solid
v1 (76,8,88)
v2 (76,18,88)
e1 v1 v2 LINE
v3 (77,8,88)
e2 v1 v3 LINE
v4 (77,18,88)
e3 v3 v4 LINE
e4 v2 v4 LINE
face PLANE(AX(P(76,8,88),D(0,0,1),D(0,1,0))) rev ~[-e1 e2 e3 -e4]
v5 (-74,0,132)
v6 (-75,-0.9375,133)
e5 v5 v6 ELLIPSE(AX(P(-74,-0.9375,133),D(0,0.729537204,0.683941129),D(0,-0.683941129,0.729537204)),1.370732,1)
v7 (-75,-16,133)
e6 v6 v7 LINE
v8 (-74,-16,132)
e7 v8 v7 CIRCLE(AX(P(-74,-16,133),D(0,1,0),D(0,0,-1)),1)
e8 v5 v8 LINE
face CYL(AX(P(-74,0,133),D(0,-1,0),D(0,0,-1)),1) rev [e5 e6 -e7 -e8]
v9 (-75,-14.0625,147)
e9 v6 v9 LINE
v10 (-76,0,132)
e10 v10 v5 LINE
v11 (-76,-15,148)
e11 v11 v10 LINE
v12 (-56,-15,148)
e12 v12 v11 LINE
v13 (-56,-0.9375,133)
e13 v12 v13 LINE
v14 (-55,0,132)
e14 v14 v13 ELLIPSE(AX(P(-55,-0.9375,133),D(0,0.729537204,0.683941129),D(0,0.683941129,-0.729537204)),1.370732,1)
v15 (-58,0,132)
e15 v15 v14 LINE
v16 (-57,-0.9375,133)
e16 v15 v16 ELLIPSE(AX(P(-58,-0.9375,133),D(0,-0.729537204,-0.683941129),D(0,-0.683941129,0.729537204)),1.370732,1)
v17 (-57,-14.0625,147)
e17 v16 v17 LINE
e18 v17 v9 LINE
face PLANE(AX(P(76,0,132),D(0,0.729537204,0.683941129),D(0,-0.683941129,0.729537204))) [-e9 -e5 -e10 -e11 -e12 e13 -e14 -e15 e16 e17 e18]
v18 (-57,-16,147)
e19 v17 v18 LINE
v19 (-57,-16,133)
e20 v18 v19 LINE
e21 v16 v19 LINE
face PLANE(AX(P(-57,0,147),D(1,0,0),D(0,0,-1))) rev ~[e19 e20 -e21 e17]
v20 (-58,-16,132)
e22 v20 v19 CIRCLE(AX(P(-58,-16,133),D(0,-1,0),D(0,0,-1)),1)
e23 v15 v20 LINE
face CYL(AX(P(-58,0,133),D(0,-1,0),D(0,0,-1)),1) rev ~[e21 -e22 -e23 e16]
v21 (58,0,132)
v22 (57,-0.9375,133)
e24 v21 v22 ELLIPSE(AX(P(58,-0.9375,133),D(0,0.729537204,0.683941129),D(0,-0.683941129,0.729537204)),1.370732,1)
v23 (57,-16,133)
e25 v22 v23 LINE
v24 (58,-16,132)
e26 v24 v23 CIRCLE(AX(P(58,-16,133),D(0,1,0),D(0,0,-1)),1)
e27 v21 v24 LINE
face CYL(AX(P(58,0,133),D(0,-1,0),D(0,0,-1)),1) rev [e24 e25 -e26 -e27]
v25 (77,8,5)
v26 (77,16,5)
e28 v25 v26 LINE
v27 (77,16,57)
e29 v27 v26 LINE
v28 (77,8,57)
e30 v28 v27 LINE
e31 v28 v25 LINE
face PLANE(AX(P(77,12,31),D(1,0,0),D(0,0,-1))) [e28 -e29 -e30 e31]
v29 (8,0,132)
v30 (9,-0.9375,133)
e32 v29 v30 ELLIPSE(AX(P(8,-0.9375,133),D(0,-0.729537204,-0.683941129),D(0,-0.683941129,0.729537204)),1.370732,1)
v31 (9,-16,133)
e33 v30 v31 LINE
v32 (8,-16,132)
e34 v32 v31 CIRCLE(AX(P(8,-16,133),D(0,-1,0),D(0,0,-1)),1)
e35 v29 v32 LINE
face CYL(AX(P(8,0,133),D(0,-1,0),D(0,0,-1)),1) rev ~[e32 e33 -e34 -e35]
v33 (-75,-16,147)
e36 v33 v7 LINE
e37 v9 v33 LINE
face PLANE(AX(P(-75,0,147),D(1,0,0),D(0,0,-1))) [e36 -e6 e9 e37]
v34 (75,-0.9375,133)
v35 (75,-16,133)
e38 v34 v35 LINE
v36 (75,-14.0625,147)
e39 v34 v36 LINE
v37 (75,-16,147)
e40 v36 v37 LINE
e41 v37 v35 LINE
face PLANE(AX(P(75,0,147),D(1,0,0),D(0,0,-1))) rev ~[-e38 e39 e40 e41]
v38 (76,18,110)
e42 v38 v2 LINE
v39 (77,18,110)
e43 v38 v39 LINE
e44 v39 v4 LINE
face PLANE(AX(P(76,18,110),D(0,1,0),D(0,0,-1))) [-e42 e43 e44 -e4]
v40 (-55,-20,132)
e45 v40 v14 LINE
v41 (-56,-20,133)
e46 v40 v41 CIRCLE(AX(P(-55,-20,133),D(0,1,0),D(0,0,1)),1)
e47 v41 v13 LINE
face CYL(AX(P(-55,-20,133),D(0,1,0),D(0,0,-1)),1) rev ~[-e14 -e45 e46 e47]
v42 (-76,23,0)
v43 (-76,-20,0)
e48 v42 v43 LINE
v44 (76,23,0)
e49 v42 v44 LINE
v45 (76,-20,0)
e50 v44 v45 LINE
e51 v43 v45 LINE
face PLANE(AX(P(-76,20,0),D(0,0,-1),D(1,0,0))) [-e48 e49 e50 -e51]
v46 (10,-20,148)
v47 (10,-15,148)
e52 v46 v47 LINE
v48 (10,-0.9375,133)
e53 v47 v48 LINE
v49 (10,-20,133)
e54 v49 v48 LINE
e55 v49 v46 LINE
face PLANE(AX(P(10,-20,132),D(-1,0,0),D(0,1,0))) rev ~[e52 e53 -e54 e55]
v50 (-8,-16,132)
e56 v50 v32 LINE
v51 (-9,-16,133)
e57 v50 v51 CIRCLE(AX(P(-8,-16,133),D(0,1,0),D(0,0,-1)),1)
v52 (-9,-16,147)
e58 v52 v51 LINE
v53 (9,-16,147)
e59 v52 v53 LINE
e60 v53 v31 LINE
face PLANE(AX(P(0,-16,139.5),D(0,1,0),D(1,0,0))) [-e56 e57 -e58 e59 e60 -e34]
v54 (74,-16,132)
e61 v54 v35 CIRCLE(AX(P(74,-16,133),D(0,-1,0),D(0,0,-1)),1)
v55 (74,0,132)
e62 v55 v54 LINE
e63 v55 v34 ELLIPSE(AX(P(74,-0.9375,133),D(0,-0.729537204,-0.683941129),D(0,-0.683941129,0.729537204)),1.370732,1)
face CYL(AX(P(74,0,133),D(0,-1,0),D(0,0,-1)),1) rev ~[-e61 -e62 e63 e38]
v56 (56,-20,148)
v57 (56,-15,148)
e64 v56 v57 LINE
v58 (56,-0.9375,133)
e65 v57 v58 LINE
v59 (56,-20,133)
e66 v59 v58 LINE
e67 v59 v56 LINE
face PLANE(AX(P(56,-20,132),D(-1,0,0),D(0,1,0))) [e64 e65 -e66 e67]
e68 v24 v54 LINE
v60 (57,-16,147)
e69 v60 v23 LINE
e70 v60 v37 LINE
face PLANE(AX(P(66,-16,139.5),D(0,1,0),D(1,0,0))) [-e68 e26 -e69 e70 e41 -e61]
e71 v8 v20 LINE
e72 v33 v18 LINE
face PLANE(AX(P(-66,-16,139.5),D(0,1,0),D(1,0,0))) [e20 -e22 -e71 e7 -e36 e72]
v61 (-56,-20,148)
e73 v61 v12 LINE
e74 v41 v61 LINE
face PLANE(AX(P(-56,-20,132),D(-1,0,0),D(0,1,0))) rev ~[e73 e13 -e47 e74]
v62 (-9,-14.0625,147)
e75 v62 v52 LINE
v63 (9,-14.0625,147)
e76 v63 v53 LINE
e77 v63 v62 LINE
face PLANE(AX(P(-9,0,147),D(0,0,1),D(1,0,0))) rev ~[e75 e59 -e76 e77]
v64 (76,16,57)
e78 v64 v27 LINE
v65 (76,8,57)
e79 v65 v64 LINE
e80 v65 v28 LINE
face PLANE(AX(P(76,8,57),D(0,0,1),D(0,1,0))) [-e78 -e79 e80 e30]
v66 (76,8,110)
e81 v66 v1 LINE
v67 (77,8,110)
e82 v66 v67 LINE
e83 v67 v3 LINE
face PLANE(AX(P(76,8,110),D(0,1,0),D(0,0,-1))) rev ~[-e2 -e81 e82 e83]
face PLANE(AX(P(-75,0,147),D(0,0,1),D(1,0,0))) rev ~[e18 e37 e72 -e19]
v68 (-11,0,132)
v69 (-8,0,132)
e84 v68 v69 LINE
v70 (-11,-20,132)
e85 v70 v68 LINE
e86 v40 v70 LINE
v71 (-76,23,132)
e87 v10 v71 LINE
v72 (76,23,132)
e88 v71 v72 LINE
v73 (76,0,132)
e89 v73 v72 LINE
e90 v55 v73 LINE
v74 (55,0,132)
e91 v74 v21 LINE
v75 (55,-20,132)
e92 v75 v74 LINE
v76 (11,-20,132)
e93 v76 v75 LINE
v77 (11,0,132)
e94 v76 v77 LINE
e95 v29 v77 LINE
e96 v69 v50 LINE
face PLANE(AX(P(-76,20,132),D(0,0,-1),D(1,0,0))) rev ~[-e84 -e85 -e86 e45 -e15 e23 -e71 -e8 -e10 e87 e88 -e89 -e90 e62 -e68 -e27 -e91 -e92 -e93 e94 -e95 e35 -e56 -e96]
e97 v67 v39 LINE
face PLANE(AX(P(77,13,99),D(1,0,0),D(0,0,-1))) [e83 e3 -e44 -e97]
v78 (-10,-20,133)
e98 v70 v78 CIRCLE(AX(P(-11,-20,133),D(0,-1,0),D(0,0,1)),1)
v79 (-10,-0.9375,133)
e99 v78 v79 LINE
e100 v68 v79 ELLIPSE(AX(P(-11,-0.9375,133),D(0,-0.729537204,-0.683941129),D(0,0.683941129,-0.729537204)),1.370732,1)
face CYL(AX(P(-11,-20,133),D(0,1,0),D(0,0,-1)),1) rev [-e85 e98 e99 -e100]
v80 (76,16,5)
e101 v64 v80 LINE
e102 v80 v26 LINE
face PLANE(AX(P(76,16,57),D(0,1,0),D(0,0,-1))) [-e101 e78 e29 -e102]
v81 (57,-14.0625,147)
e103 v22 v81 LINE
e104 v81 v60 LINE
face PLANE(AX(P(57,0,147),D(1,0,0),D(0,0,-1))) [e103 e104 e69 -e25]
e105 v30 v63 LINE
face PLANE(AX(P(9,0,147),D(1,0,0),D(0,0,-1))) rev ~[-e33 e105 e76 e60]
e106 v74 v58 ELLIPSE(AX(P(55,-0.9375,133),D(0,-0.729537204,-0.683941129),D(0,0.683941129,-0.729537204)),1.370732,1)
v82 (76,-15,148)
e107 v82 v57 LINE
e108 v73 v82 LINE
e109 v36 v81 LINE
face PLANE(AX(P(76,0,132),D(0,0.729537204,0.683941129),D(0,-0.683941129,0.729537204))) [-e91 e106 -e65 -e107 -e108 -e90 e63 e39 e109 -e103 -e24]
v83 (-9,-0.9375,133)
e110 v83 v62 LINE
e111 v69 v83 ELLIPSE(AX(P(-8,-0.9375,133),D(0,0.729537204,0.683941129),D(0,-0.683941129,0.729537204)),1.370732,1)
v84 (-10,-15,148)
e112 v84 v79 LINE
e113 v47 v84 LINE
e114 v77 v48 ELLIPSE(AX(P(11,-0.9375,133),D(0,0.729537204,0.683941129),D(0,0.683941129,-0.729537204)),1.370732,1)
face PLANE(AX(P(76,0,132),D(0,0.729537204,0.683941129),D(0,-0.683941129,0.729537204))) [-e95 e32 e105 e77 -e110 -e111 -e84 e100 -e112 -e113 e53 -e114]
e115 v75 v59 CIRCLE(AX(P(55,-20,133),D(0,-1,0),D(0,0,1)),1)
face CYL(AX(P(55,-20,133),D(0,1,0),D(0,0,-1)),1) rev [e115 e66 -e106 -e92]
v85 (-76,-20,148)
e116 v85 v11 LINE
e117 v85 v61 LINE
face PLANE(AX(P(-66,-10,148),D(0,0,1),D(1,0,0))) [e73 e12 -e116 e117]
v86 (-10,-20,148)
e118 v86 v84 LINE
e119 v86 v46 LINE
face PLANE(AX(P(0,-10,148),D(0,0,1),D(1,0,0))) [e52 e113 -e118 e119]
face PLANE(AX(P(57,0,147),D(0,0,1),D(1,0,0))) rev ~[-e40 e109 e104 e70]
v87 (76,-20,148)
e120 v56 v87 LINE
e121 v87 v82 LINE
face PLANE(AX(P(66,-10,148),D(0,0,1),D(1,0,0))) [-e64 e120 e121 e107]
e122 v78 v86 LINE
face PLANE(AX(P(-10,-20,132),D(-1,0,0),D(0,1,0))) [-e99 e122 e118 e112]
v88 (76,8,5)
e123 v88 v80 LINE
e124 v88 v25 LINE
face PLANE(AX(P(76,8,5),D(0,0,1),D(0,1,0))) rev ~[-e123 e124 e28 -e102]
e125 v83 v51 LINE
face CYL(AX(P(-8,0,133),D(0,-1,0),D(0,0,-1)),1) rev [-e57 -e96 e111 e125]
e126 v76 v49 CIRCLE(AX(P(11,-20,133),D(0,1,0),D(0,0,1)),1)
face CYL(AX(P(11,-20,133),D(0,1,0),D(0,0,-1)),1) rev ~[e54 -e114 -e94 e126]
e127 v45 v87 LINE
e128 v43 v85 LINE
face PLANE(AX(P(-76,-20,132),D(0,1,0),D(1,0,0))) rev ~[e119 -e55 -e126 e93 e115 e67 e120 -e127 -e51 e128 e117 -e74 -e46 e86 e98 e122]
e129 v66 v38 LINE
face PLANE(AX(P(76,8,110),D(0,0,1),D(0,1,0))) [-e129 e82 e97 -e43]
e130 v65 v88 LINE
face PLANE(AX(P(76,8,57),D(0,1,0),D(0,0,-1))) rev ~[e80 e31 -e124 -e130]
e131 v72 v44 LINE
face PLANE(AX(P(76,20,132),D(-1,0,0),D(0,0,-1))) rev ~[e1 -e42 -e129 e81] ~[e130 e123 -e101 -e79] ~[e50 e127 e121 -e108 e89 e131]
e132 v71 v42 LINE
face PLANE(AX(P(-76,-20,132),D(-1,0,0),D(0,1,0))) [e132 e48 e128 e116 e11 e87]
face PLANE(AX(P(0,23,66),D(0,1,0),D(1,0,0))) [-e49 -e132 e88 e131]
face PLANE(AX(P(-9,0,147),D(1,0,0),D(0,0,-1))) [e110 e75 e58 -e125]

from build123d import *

# Parameters (mm, degrees)
SKETCH1_W           = 152
SKETCH1_H           = 40
BOSS_EXTRUDE1_DEPTH = 132
SKETCH2_W           = 152
SKETCH2_H           = 132
BOSS_EXTRUDE2_DEPTH = 3
SKETCH4_W           = 20
SKETCH4_H           = 20
BOSS_EXTRUDE3_DEPTH = 16
SKETCH7_W           = 18
SKETCH7_H           = 15
CUT_EXTRUDE1_DEPTH  = 16
CUT_EXTRUDE2_DEPTH  = 214.39400179
FILLET1_R           = 1
SKETCH9_W           = 22
SKETCH9_H           = 10
SKETCH9_W_2         = 52
SKETCH9_H_2         = 8
BOSS_EXTRUDE4_DEPTH = 1


with BuildPart() as part:
    # Sketch1 → Boss-Extrude1 (new body)
    with BuildSketch(Plane.XY):
        Rectangle(SKETCH1_W, SKETCH1_H)
    extrude(amount=BOSS_EXTRUDE1_DEPTH)

    # Sketch2 → Boss-Extrude2 (add)
    with BuildSketch(Plane(origin=(0, 20, 0), x_dir=(1, 0, 0), z_dir=(0, 1, 0))):
        with Locations((0, -66)):
            Rectangle(SKETCH2_W, SKETCH2_H)
    extrude(amount=BOSS_EXTRUDE2_DEPTH)

    # Sketch4 → Boss-Extrude3 (add)
    with BuildSketch(Plane.XY.offset(132)):
        with Locations((-66, -10)):
            Rectangle(SKETCH4_W, SKETCH4_H)
        with Locations((66, -10)):
            Rectangle(SKETCH4_W, SKETCH4_H)
        with Locations((0, -10)):
            Rectangle(SKETCH4_W, SKETCH4_H)
    extrude(amount=BOSS_EXTRUDE3_DEPTH)

    # Sketch7 → Cut-Extrude1 (cut)
    with BuildSketch(Plane(origin=(0, 0, 0), x_dir=(1, 0, 0), z_dir=(0, 1, 0))):
        with Locations((66, -139.5)):
            Rectangle(SKETCH7_W, SKETCH7_H)
        with Locations((0, -139.5)):
            Rectangle(SKETCH7_W, SKETCH7_H)
        with Locations((-66, -139.5)):
            Rectangle(SKETCH7_W, SKETCH7_H)
    extrude(amount=-CUT_EXTRUDE1_DEPTH, mode=Mode.SUBTRACT)

    # Sketch8 → Cut-Extrude2 (cut, through all)
    with BuildSketch(Plane(origin=(76, 0, 0), x_dir=(0, 0, -1), z_dir=(1, 0, 0))):
        Polygon((-132, 0), (-148, -15), (-148, 0), align=None)
    extrude(amount=-CUT_EXTRUDE2_DEPTH, mode=Mode.SUBTRACT)

    # Fillet1
    fillet1_edges = [part.edges().sort_by_distance(p)[0] for p in [
        (-56, -10, 132),
        (56, -10, 132),
        (-10, -10, 132),
        (10, -10, 132),
        (57, -8, 132),
        (75, -8, 132),
        (-9, -8, 132),
        (9, -8, 132),
        (-75, -8, 132),
        (-57, -8, 132),
    ]]
    fillet(fillet1_edges, radius=FILLET1_R)

    # Sketch9 → Boss-Extrude4 (add)
    with BuildSketch(Plane(origin=(76, 0, 0), x_dir=(0, 0, -1), z_dir=(1, 0, 0))):
        with Locations((-99, 13)):
            Rectangle(SKETCH9_W, SKETCH9_H)
        with Locations((-31, 12)):
            Rectangle(SKETCH9_W_2, SKETCH9_H_2)
    extrude(amount=BOSS_EXTRUDE4_DEPTH)


solid = part.part
